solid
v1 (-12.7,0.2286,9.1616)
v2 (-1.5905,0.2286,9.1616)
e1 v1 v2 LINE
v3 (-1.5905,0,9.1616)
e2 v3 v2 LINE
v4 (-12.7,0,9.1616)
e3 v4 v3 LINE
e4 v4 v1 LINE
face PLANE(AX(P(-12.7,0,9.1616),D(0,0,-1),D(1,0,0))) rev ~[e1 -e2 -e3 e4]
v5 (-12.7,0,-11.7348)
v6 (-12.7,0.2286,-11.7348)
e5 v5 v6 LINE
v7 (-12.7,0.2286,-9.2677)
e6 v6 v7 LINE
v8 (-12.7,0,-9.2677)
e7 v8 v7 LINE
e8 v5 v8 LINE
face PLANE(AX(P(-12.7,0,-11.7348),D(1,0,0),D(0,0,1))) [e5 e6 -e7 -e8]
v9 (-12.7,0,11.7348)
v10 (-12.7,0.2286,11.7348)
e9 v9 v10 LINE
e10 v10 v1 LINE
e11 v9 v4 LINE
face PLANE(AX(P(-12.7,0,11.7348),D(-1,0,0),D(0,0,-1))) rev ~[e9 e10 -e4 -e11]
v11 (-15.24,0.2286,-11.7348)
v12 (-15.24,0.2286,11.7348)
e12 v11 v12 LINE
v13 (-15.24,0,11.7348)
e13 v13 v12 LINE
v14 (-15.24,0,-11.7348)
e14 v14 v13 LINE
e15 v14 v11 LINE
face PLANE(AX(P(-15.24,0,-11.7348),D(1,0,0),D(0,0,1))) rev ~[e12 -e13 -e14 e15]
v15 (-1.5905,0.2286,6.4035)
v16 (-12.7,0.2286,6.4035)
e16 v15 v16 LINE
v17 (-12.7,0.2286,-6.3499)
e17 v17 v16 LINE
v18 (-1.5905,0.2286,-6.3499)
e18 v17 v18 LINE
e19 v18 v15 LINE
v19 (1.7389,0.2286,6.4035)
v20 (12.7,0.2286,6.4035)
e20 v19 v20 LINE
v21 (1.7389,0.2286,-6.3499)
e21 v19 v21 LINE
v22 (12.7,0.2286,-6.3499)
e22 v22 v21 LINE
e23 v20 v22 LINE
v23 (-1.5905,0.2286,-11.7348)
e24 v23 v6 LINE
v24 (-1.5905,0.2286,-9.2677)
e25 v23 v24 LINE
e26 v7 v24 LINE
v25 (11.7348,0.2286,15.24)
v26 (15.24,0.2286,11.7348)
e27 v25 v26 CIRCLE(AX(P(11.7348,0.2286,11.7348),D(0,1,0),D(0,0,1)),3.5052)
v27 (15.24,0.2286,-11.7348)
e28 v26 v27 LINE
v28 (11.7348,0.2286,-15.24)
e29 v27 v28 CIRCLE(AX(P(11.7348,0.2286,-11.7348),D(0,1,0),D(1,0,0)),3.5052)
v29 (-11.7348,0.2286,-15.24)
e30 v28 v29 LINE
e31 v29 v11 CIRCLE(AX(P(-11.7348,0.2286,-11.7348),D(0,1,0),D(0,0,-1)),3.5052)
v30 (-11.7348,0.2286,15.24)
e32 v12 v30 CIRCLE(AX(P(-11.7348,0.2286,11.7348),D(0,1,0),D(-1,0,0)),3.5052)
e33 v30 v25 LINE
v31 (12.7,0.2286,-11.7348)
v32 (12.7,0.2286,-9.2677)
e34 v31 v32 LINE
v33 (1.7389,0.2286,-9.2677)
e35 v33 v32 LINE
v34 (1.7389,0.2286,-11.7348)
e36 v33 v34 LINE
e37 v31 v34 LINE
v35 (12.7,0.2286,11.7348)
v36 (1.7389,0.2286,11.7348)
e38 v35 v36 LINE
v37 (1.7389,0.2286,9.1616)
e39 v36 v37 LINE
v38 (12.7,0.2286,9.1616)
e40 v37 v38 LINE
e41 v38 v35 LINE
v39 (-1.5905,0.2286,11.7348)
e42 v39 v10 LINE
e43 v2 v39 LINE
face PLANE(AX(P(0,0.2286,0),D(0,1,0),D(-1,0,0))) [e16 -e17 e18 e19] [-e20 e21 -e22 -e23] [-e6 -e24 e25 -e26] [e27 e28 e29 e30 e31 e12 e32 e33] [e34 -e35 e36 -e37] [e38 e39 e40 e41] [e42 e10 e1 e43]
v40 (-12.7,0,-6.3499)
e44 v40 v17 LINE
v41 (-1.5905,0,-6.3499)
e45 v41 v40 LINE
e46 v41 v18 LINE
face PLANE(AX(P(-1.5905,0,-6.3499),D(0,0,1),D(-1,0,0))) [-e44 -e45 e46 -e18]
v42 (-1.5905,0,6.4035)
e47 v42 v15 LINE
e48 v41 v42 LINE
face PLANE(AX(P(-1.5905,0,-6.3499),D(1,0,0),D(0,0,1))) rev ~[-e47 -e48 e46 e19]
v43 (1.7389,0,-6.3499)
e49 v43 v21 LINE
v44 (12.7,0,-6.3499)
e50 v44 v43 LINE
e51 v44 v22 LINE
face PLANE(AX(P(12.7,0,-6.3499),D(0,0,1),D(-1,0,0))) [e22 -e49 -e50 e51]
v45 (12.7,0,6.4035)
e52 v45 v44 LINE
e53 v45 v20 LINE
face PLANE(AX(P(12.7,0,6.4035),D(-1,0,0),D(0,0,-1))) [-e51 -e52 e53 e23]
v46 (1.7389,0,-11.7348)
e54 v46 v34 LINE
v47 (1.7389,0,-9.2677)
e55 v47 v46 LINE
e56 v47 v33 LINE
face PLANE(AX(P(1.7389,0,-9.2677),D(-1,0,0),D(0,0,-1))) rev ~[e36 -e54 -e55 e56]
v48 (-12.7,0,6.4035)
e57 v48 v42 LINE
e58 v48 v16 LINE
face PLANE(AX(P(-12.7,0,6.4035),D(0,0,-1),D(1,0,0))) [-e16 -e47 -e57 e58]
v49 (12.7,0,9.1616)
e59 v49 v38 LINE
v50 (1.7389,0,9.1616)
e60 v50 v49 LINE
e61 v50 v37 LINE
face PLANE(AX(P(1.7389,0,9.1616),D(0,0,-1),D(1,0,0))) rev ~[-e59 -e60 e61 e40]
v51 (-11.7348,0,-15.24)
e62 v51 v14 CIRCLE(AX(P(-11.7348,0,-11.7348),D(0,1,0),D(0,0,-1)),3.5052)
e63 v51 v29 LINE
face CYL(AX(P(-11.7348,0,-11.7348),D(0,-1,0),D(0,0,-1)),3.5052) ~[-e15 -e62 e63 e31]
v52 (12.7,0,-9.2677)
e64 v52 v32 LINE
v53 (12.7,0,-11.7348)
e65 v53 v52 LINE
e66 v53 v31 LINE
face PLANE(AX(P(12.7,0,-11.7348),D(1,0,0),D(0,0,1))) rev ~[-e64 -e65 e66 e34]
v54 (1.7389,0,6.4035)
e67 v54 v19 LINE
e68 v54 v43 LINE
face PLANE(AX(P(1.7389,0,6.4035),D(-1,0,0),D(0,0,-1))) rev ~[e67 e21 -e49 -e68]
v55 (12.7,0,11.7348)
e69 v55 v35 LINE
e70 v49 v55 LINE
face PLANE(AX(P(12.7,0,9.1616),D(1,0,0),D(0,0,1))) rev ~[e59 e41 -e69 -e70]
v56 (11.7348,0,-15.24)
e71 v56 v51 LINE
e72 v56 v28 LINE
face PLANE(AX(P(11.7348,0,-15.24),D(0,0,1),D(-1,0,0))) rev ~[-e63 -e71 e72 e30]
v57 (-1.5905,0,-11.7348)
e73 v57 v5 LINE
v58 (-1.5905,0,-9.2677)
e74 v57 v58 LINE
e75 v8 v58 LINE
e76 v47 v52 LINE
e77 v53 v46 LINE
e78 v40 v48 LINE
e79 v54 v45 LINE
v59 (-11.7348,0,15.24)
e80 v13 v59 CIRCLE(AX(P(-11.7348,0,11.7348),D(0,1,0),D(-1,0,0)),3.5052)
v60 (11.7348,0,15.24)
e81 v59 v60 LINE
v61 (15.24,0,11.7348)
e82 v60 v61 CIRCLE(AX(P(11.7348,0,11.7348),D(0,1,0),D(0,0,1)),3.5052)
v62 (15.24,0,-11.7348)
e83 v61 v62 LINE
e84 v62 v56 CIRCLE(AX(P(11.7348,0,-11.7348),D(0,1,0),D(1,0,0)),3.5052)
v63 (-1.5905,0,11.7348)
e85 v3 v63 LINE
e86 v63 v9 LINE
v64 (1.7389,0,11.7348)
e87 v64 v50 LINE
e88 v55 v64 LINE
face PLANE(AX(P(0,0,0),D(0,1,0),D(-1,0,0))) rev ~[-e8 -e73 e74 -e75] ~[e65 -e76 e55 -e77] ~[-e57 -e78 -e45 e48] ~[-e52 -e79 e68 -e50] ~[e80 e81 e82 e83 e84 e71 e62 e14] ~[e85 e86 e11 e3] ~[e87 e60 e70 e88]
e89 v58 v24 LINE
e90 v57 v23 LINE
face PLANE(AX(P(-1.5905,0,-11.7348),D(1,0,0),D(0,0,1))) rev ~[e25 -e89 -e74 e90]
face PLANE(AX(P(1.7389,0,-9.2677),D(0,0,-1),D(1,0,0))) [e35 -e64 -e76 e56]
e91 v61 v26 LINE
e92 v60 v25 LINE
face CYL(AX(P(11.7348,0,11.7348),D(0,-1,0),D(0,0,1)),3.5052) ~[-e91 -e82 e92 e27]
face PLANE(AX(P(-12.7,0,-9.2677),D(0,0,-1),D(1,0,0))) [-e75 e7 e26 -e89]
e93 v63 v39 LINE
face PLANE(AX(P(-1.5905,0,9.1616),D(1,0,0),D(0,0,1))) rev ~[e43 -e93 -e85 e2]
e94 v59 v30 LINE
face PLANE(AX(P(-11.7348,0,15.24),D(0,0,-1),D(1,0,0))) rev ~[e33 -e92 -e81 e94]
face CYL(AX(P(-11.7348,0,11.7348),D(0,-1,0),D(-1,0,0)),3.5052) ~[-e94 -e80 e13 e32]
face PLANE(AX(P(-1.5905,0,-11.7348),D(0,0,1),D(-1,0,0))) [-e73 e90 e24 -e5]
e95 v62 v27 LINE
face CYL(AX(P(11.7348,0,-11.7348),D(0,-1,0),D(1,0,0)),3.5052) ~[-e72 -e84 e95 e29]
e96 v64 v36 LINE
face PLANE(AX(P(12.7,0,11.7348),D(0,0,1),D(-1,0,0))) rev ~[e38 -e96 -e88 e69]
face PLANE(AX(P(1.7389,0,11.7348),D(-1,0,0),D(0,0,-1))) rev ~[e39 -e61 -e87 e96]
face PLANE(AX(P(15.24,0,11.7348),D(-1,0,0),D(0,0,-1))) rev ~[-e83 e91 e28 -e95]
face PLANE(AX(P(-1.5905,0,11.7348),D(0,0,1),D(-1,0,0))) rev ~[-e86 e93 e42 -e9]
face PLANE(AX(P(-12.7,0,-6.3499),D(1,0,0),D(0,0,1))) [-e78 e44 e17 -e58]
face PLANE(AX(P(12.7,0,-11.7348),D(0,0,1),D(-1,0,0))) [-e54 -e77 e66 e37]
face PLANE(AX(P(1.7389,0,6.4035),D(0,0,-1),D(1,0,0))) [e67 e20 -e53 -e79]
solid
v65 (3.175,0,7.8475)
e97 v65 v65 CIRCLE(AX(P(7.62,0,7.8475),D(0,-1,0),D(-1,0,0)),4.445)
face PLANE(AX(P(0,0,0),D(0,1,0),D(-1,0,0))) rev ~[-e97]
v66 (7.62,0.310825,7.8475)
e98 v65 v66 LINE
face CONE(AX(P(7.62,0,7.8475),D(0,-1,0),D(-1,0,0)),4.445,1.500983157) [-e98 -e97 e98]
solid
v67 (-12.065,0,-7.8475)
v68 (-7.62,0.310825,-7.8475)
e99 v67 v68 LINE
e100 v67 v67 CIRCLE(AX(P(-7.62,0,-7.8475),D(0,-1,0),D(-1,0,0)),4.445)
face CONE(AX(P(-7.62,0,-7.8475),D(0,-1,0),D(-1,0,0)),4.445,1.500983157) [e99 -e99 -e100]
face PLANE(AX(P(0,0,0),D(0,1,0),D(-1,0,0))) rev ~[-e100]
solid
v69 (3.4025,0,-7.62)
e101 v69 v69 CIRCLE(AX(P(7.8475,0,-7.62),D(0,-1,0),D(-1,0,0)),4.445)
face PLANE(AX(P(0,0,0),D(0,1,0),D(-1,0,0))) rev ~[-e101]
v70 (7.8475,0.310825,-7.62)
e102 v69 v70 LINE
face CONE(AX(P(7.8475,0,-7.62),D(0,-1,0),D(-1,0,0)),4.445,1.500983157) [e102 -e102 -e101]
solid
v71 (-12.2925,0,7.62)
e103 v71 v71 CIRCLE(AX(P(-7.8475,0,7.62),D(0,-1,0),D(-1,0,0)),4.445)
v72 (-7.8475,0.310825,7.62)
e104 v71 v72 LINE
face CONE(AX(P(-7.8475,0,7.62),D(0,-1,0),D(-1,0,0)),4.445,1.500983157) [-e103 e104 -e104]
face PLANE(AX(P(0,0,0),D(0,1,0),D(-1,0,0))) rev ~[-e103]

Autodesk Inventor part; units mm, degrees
ref_plane "YZ Plane" through (0, 0, 0) normal (1, 0, 0) x (0, 1, 0)
ref_plane "XZ Plane" through (0, 0, 0) normal (0, 1, 0) x (-1, 0, 0)
ref_plane "XY Plane" through (0, 0, 0) normal (0, 0, 1) x (1, 0, 0)
sketch "Sketch1" plane through (0, 0, 0) normal (0, 1, 0) x (-1, 0, 0)
  line L0 (-15.24, 11.7348) -> (-15.24, -11.7348)
  line L1 (-11.7348, -15.24) -> (11.7348, -15.24)
  line L2 (15.24, -11.7348) -> (15.24, 11.7348)
  line L3 (11.7348, 15.24) -> (-11.7348, 15.24)
  line L4 (-15.24, 15.24) -> (15.24, -15.24) construction
  line L5 (-15.24, -15.24) -> (15.24, 15.24) construction
  arc A0 (15.24, 11.7348) -> (11.7348, 15.24) centre (11.7348, 11.7348) ccw
  arc A1 (11.7348, -15.24) -> (15.24, -11.7348) centre (11.7348, -11.7348) ccw
  arc A2 (-15.24, -11.7348) -> (-11.7348, -15.24) centre (-11.7348, -11.7348) ccw
  arc A3 (-11.7348, 15.24) -> (-15.24, 11.7348) centre (-11.7348, 11.7348) ccw
  line L6 (-18.4479, 18.3502) -> (18.4026, 18.3502) construction
  line L7 (18.4026, 18.3502) -> (18.4026, -18.5003) construction
  line L8 (18.4026, -18.5003) -> (-18.4479, -18.5003) construction
  line L9 (-18.4479, -18.5003) -> (-18.4479, 18.3502) construction
  line L10 (12.7, 11.7348) -> (12.7, 9.1616)
  arc A4 (11.7348, -12.7) -> (12.7, -11.7348) centre (11.7348, -11.7348) ccw
  line L11 (11.7348, -12.7) -> (-11.7348, -12.7)
  arc A5 (-12.7, -11.7348) -> (-11.7348, -12.7) centre (-11.7348, -11.7348) ccw
  line L12 (-12.7, -11.7348) -> (-12.7, -9.2677)
  arc A6 (-11.7348, 12.7) -> (-12.7, 11.7348) centre (-11.7348, 11.7348) ccw
  line L13 (-11.7348, 12.7) -> (11.7348, 12.7)
  arc A7 (12.7, 11.7348) -> (11.7348, 12.7) centre (11.7348, 11.7348) ccw
  line L14 (12.7, 9.1616) -> (1.5905, 9.1616)
  line L15 (-12.7, 9.1616) -> (-12.7, 11.7348)
  line L16 (-12.7, 11.7348) -> (-1.7389, 11.7348)
  line L17 (12.7, 11.7348) -> (12.7, 9.1616)
  line L18 (12.7, -9.2677) -> (1.5905, -9.2677)
  line L19 (-12.7, -9.2677) -> (-12.7, -11.7348)
  line L20 (-12.7, -11.7348) -> (-1.7389, -11.7348)
  line L21 (12.7, -11.7348) -> (12.7, -9.2677)
  line L22 (-12.7, 9.1616) -> (-12.7, 11.7348)
  line L23 (12.7, 6.4035) -> (6.4035, 6.4035)
  line L24 (-12.7, 6.4035) -> (-12.7, -6.3499)
  line L25 (-12.7, -6.3499) -> (-1.7389, -6.3499)
  line L26 (12.7, -6.3499) -> (12.7, 6.4035)
  line L27 (12.7, -6.3499) -> (12.7, -9.2677)
  line L28 (12.7, 6.4035) -> (12.7, -6.3499)
  line L29 (12.7, 9.1616) -> (12.7, 6.4035)
  line L30 (12.7, -9.2677) -> (12.7, -11.7348)
  line L31 (-12.7, -9.2677) -> (-12.7, -6.3499)
  line L32 (-12.7, -6.3499) -> (-12.7, 6.4035)
  line L33 (-12.7, 6.4035) -> (-12.7, 9.1616)
  line L34 (1.5905, 11.7348) -> (-1.7389, 11.7348)
  line L35 (-1.7389, 11.7348) -> (-1.7389, -11.7348)
  line L36 (-1.7389, -11.7348) -> (1.5905, -11.7348)
  line L37 (1.5905, -11.7348) -> (1.5905, 11.7348)
  line L38 (1.5905, 11.7348) -> (12.7, 11.7348)
  line L39 (-1.7389, 11.7348) -> (1.5905, 11.7348)
  line L40 (1.5905, -11.7348) -> (12.7, -11.7348)
  line L41 (-1.7389, -11.7348) -> (1.5905, -11.7348)
  line L42 (1.5905, 9.1616) -> (-1.7389, 9.1616)
  line L43 (-1.7389, 9.1616) -> (-12.7, 9.1616)
  line L44 (6.4035, 6.4035) -> (1.5905, 6.4035)
  line L45 (1.5905, 6.4035) -> (-1.7389, 6.4035)
  line L46 (6.3499, -6.3499) -> (12.7, -6.3499)
  line L47 (1.5905, -6.3499) -> (6.3499, -6.3499)
  line L48 (1.5905, -9.2677) -> (-1.7389, -9.2677)
  line L49 (-1.7389, -9.2677) -> (-12.7, -9.2677)
  line L50 (-1.7389, -6.3499) -> (1.5905, -6.3499)
  line L51 (-1.7389, 6.4035) -> (-12.7, 6.4035)
  point P0 (0, 0)
  dimension "d15" = 30.48
  dimension "d16" = 30.48
  dimension "d17" = 3.5052
  dimension "d21" = 2.54
extrude "Extrusion1" add sketch "Sketch1" along normal blind 0.2286 contours A3 L3 A0 L2 A1 L1 A2 L0 | L38 L34 L16 A6 L13 A7 | L29 L23 L44 L37 L14 | L37 L42 L35 L34 | L37 L45 L35 L42 | L37 L50 L35 L45 | L35 L51 L33 L43 | L27 L18 L37 L47 L46 | L37 L48 L35 L50 | L37 L36 L35 L48 | L35 L49 L31 L25 | A4 L11 A5 L20 L36 L40
sketch "Sketch2" plane through (0, 0, 0) normal (0, 1, 0) x (-1, 0, 0)
  circle A0 centre (7.8475, 7.62) radius 4.445
  line L0 (17.2095, 0) -> (-17.2095, 0) projected
  line L1 (0, -17.2095) -> (0, 17.2095) projected
  circle A1 centre (-7.62, 7.8475) radius 4.445
  circle A2 centre (-7.8475, -7.62) radius 4.445
  circle A3 centre (7.62, -7.8475) radius 4.445
  point P0 (0, 0)
  dimension "d24" = 8.89
  dimension "d25" = 7.62
  dimension "d28" = 360
extrude "Extrusion2" add sketch "Sketch2" along normal blind 0.3302 draft -86 separate body
properties part number "PCB Dome Array Tape"
